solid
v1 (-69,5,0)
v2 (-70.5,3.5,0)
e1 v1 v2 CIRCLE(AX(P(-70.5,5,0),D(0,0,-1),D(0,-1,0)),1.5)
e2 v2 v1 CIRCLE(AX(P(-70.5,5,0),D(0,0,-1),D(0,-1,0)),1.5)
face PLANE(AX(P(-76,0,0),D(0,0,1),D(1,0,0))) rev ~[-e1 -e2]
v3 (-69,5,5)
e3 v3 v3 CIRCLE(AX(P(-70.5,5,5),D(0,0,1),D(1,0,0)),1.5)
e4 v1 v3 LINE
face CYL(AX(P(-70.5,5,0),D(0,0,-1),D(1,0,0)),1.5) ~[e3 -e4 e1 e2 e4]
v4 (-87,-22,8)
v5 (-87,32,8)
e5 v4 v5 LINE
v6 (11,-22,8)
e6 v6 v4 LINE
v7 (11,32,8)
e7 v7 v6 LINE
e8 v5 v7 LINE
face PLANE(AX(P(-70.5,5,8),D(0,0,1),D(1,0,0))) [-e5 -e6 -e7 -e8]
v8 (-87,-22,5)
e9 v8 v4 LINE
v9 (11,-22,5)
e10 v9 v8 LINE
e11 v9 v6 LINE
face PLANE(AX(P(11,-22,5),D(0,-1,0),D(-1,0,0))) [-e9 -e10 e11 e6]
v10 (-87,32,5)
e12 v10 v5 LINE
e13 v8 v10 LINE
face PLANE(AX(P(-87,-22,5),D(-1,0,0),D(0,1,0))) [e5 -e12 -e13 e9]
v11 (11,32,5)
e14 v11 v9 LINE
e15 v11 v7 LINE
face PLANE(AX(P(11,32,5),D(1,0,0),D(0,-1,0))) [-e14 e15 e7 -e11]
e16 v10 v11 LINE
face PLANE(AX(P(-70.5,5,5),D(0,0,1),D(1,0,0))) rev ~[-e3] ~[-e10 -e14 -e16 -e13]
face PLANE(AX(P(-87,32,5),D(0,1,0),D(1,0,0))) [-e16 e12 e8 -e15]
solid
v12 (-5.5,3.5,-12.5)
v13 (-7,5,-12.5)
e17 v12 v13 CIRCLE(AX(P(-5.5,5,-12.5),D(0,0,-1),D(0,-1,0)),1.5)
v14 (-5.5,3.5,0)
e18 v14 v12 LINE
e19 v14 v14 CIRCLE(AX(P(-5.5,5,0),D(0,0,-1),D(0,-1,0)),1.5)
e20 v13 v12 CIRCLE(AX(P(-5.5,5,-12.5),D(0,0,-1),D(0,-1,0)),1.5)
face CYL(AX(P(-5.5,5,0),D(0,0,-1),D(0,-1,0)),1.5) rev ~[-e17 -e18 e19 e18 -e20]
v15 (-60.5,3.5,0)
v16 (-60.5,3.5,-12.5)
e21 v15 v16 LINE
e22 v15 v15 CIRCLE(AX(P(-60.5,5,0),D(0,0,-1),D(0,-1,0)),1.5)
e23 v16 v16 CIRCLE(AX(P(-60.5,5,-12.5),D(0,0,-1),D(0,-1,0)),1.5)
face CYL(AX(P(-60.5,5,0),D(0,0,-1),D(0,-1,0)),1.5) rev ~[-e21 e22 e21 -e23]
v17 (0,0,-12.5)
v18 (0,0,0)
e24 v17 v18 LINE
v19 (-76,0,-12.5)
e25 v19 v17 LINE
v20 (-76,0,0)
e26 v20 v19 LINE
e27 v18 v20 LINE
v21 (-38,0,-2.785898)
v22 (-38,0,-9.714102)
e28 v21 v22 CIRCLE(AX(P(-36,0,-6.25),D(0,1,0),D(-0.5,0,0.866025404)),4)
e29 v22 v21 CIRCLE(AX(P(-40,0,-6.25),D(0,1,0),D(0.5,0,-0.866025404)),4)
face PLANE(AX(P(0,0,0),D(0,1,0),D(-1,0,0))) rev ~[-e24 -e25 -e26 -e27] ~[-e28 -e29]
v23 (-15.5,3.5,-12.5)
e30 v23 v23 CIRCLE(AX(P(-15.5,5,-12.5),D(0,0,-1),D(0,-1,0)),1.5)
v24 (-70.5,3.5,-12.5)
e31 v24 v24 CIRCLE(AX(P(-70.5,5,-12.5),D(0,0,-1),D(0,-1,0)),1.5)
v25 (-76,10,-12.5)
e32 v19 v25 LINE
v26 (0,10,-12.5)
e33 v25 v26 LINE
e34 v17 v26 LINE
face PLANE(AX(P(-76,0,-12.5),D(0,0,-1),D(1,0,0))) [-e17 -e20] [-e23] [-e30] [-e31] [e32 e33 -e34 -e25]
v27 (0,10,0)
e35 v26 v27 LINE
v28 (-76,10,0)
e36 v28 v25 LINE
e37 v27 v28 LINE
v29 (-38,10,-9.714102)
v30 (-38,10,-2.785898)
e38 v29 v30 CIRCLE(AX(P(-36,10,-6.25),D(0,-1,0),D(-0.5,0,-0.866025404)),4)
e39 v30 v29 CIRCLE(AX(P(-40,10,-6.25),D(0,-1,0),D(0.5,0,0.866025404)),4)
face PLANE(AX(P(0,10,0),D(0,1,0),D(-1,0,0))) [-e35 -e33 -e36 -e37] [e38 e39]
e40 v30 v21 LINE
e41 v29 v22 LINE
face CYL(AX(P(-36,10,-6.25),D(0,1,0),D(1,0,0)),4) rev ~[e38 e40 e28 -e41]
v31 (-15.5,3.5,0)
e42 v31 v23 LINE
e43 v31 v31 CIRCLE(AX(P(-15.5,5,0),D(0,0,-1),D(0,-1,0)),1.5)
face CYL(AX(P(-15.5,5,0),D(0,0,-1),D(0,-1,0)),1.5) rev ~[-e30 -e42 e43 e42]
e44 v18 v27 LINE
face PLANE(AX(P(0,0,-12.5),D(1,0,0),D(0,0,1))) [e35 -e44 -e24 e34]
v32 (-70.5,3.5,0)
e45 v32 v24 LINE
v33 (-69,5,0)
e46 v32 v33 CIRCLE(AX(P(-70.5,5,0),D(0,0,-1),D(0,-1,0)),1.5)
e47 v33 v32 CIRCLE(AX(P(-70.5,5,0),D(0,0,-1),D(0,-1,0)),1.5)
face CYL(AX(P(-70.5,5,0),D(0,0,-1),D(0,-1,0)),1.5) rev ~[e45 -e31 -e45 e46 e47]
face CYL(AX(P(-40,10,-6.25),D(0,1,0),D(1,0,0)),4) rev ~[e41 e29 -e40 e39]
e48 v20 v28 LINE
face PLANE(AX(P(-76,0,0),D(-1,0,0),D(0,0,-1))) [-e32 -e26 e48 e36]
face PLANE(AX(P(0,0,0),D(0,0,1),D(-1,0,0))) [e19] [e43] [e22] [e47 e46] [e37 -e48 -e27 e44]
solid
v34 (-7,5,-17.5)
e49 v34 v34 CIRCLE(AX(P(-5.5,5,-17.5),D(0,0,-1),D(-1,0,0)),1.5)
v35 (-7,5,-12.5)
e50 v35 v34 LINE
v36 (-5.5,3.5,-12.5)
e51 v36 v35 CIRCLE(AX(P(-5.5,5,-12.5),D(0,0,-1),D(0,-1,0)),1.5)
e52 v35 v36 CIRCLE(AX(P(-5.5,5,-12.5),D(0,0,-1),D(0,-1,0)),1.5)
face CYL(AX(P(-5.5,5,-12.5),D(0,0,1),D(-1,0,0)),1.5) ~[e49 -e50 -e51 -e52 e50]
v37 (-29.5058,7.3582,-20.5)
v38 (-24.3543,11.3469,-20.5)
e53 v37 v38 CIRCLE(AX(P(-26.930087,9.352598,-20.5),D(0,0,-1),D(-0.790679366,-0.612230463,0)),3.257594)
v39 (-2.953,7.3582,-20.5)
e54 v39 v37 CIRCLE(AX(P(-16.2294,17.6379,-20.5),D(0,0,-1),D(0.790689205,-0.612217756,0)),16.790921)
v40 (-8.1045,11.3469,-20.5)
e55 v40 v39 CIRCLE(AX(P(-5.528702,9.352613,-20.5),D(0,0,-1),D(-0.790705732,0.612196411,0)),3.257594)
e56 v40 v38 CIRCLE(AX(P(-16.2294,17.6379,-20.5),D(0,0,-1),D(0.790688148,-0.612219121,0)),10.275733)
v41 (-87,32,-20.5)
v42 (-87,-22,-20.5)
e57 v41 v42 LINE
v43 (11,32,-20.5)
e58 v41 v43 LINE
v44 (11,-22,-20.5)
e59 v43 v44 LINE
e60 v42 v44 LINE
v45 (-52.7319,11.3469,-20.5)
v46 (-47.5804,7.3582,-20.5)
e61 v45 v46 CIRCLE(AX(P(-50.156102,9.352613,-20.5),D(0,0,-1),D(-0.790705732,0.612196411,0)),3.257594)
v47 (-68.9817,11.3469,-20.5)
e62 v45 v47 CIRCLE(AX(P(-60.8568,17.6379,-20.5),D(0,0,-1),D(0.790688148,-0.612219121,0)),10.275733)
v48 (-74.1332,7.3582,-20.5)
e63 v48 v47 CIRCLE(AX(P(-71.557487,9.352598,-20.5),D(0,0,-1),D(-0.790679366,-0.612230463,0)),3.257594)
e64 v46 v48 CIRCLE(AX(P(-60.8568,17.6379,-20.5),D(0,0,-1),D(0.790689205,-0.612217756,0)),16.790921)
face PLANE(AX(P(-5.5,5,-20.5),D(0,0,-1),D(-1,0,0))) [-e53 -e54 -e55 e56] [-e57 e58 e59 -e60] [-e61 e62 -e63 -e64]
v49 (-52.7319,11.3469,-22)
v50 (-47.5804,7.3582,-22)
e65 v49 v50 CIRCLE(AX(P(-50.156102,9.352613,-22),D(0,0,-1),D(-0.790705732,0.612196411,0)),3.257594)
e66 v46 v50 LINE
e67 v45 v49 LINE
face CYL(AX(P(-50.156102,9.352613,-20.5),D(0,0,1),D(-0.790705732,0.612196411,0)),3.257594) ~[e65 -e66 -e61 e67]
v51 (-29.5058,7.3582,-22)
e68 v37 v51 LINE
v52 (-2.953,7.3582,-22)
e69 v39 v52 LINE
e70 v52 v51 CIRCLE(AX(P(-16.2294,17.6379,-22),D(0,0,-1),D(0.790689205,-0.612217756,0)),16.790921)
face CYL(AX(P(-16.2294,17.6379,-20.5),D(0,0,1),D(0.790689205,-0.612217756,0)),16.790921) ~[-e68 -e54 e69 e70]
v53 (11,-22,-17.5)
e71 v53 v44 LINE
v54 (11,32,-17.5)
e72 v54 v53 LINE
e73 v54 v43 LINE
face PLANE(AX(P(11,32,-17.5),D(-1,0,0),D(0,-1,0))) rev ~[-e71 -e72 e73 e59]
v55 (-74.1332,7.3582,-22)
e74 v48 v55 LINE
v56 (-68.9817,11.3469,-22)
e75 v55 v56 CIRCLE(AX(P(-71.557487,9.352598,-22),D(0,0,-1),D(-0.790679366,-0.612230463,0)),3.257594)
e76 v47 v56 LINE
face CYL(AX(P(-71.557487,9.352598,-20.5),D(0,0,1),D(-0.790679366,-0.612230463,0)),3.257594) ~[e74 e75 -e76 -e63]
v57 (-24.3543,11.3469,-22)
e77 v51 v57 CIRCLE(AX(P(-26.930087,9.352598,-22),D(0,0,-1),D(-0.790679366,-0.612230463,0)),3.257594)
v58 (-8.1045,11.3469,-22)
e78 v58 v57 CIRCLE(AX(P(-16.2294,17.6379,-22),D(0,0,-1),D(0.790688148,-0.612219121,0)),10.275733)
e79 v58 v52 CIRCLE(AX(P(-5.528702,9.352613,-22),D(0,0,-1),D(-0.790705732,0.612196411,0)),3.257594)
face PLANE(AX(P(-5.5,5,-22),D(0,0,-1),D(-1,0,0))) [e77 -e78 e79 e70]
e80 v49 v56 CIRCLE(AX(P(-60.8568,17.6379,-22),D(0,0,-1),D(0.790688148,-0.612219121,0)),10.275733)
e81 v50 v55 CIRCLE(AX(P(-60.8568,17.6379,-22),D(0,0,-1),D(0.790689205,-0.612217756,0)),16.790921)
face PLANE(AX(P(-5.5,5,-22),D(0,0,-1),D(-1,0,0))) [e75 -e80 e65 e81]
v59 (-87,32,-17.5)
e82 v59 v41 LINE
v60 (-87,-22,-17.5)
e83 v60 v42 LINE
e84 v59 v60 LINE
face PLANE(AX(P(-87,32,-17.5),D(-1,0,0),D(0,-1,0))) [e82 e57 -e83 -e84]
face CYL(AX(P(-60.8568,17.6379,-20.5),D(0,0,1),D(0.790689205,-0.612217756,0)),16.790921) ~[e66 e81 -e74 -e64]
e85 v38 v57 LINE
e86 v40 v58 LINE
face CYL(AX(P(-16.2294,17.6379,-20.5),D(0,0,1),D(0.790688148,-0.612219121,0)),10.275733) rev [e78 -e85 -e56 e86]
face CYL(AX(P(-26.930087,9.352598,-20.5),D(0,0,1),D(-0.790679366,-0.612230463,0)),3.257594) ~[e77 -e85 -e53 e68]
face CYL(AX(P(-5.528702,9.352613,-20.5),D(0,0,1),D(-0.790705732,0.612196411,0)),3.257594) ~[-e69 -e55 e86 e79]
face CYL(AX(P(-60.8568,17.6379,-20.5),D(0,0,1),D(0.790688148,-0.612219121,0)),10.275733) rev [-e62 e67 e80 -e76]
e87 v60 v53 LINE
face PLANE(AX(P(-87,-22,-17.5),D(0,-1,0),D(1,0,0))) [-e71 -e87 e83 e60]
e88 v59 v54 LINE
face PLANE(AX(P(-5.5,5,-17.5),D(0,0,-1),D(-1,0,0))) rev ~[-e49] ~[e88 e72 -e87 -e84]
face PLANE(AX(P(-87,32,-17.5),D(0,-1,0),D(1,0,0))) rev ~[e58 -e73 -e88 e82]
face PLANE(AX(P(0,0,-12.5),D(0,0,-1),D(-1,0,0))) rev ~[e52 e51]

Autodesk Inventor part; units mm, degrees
ref_plane "YZ Plane" through (0, 0, 0) normal (1, 0, 0) x (0, 1, 0)
ref_plane "XZ Plane" through (0, 0, 0) normal (0, 1, 0) x (-1, 0, 0)
ref_plane "XY Plane" through (0, 0, 0) normal (0, 0, 1) x (1, 0, 0)
sketch "loadcell" plane through (0, 0, 0) normal (0, 1, 0) x (-1, 0, 0)
  line L0 (0, 0) -> (76, 0)
  line L1 (76, 0) -> (76, -12.5)
  line L2 (76, -12.5) -> (0, -12.5)
  line L3 (0, -12.5) -> (0, 0)
  point P0 (38, -6.25)
  dimension "d0" = 76
  dimension "d1" = 12.5
extrude "Base" add sketch "loadcell" along normal blind 10
sketch "Sketch3" plane through (0, 10, 0) normal (0, 1, 0) x (1, 0, 0)
  line L0 (-76, 12.5) -> (-76, 0) projected
  line L1 (-76, 6.25) -> (0, 6.25)
  line L2 (0, 12.5) -> (-76, 12.5) projected
  line L3 (-38, 12.5) -> (-38, 0)
  circle A0 centre (-36, 6.25) radius 4
  circle A1 centre (-40, 6.25) radius 4
  point P0 (0, 0)
  point P1 (-38, 6.25)
  point P2 (-38, 9.7141)
  point P3 (-38, 6.25)
  dimension "d4" = 8
  dimension "d5" = 8
  dimension "d8" = 2
  dimension "d9" = 2
extrude "Furo" cut sketch "Sketch3" against normal blind 10 contours A1 A0 L1 | L1 A0 A1 | A1 L1 L3 | L3 L1 A0 | A0 L1 A1 | L1 L3 A0 | A1 L1 A0 | L3 L1 A1
sketch "Sketch2" plane through (0, 10, 0) normal (0, 1, 0) x (1, 0, 0)
  line L0 (-76, 12.5) -> (-76, 0) projected
  line L1 (0, 0) -> (0, 12.5) projected
  point P0 (-38, 6.25)
sketch "Sketch4" plane through (-76, 0, 0) normal (0, 0, 1) x (1, 0, 0)
  line L0 (76, 0) -> (76, 10) projected
  line L1 (0, 0) -> (0, 10) projected
  line L2 (76, 10) -> (0, 10) projected
  line L3 (76, 0) -> (0, 0) projected
  line L4 (0, 0) -> (0, 10) projected
  line L5 (38, 10) -> (38, 0)
  point P0 (38, 5)
  point P1 (5.5, 5)
  point P2 (15.5, 5)
  point P3 (0, 5)
  point P4 (0, 5)
  point P5 (70.5, 5)
  point P6 (60.5, 5)
  dimension "d12" = 5.5
  dimension "d13" = 15.5
hole "Hole1" at (-70.5, 5, 0) at (-60.5, 5, 0) direction (0, 0, -1) diameter 3 end through all
thread "Thread1" size "M3x0.5" class "6H" standard "ANSI Metric M Profile" full length
thread "Thread2" size "M3x0.5" class "6H" standard "ANSI Metric M Profile" full length
thread "Thread3" size "M3x0.5" class "6H" standard "ANSI Metric M Profile" full length
hole "Hole2" at (-15.5, 5, 0) at (-5.5, 5, 0) direction (0, 0, -1) diameter 3 end through all
thread "Thread4" size "M3x0.5" class "6H" standard "ANSI Metric M Profile" full length
thread "Thread5" size "M3x0.5" class "6H" standard "ANSI Metric M Profile" full length
sketch "pino_de_baixo" plane through (-76, 0, 0) normal (0, 0, 1) x (1, 0, 0)
  circle A0 centre (5.5, 5) radius 1.5 projected
  circle A1 centre (5.5, 5) radius 1.5
  point P0 (76, 0)
extrude "parafuso/pino" add sketch "pino_de_baixo" along normal blind 5
sketch "Sketch6" plane through (-70.5, 5, 5) normal (0, 0, 1) x (1, 0, 0)
  line L0 (-16.5, 27) -> (81.5, 27)
  line L1 (81.5, 27) -> (81.5, -27)
  line L2 (81.5, -27) -> (-16.5, -27)
  line L3 (-16.5, -27) -> (-16.5, 27)
  dimension "d48" = 98
  dimension "d49" = 54
extrude "Extrusion4" add sketch "Sketch6" along normal blind 3
sketch "pino/furo/ima" plane through (0, 0, -12.5) normal (0, 0, -1) x (-1, 0, 0)
  circle A0 centre (5.5, 5) radius 1.5 projected
  circle A1 centre (5.5, 5) radius 1.5
  point P0 (0, 0)
extrude "Extrusion5" add sketch "pino/furo/ima" along normal blind 5
sketch "Sketch8" plane through (-5.5, 5, -17.5) normal (0, 0, -1) x (-1, 0, 0)
  line L0 (81.5, -27) -> (-16.5, -27) projected
  line L1 (81.5, 27) -> (81.5, -27) projected
  line L2 (-16.5, -27) -> (81.5, -27)
  line L3 (81.5, -27) -> (81.5, 27)
  line L4 (81.5, 27) -> (-16.5, 27)
  line L5 (-16.5, 27) -> (-16.5, -27)
  point P0 (-5.5, -5)
extrude "Extrusion6" add sketch "Sketch8" along normal blind 3
sketch "ima-neodimio" plane through (-5.5, 5, -20.5) normal (0, 0, -1) x (-1, 0, 0)
  line L0 (32.5, 5) -> (32.5, -5) projected
  arc A0 (12.0929, -3.2123) -> (33.5362, -3.1801) centre (22.8022, 5.0619) ccw construction
  arc A1 (-2.547, 2.3582) -> (24.0058, 2.3582) centre (10.7294, 12.6379) ccw
  arc A2 (2.6045, 6.3469) -> (18.8543, 6.3469) centre (10.7294, 12.6379) ccw
  arc A3 (2.6045, 6.3469) -> (-2.547, 2.3582) centre (0.0287, 4.3526) ccw
  arc A4 (24.0058, 2.3582) -> (18.8543, 6.3469) centre (21.4301, 4.3526) ccw
  arc A5 (56.7203, -3.2123) -> (78.1636, -3.1801) centre (67.4295, 5.0619) ccw construction
  arc A6 (42.0804, 2.3582) -> (68.6332, 2.3582) centre (55.3568, 12.6379) ccw
  arc A7 (47.2319, 6.3469) -> (63.4817, 6.3469) centre (55.3568, 12.6379) ccw
  arc A8 (47.2319, 6.3469) -> (42.0804, 2.3582) centre (44.6561, 4.3526) ccw
  arc A9 (68.6332, 2.3582) -> (63.4817, 6.3469) centre (66.0575, 4.3526) ccw
extrude "Extrusion7" add sketch "ima-neodimio" along normal blind 1.5
properties part number "load_cell" material "Acetal Resin, Black"
